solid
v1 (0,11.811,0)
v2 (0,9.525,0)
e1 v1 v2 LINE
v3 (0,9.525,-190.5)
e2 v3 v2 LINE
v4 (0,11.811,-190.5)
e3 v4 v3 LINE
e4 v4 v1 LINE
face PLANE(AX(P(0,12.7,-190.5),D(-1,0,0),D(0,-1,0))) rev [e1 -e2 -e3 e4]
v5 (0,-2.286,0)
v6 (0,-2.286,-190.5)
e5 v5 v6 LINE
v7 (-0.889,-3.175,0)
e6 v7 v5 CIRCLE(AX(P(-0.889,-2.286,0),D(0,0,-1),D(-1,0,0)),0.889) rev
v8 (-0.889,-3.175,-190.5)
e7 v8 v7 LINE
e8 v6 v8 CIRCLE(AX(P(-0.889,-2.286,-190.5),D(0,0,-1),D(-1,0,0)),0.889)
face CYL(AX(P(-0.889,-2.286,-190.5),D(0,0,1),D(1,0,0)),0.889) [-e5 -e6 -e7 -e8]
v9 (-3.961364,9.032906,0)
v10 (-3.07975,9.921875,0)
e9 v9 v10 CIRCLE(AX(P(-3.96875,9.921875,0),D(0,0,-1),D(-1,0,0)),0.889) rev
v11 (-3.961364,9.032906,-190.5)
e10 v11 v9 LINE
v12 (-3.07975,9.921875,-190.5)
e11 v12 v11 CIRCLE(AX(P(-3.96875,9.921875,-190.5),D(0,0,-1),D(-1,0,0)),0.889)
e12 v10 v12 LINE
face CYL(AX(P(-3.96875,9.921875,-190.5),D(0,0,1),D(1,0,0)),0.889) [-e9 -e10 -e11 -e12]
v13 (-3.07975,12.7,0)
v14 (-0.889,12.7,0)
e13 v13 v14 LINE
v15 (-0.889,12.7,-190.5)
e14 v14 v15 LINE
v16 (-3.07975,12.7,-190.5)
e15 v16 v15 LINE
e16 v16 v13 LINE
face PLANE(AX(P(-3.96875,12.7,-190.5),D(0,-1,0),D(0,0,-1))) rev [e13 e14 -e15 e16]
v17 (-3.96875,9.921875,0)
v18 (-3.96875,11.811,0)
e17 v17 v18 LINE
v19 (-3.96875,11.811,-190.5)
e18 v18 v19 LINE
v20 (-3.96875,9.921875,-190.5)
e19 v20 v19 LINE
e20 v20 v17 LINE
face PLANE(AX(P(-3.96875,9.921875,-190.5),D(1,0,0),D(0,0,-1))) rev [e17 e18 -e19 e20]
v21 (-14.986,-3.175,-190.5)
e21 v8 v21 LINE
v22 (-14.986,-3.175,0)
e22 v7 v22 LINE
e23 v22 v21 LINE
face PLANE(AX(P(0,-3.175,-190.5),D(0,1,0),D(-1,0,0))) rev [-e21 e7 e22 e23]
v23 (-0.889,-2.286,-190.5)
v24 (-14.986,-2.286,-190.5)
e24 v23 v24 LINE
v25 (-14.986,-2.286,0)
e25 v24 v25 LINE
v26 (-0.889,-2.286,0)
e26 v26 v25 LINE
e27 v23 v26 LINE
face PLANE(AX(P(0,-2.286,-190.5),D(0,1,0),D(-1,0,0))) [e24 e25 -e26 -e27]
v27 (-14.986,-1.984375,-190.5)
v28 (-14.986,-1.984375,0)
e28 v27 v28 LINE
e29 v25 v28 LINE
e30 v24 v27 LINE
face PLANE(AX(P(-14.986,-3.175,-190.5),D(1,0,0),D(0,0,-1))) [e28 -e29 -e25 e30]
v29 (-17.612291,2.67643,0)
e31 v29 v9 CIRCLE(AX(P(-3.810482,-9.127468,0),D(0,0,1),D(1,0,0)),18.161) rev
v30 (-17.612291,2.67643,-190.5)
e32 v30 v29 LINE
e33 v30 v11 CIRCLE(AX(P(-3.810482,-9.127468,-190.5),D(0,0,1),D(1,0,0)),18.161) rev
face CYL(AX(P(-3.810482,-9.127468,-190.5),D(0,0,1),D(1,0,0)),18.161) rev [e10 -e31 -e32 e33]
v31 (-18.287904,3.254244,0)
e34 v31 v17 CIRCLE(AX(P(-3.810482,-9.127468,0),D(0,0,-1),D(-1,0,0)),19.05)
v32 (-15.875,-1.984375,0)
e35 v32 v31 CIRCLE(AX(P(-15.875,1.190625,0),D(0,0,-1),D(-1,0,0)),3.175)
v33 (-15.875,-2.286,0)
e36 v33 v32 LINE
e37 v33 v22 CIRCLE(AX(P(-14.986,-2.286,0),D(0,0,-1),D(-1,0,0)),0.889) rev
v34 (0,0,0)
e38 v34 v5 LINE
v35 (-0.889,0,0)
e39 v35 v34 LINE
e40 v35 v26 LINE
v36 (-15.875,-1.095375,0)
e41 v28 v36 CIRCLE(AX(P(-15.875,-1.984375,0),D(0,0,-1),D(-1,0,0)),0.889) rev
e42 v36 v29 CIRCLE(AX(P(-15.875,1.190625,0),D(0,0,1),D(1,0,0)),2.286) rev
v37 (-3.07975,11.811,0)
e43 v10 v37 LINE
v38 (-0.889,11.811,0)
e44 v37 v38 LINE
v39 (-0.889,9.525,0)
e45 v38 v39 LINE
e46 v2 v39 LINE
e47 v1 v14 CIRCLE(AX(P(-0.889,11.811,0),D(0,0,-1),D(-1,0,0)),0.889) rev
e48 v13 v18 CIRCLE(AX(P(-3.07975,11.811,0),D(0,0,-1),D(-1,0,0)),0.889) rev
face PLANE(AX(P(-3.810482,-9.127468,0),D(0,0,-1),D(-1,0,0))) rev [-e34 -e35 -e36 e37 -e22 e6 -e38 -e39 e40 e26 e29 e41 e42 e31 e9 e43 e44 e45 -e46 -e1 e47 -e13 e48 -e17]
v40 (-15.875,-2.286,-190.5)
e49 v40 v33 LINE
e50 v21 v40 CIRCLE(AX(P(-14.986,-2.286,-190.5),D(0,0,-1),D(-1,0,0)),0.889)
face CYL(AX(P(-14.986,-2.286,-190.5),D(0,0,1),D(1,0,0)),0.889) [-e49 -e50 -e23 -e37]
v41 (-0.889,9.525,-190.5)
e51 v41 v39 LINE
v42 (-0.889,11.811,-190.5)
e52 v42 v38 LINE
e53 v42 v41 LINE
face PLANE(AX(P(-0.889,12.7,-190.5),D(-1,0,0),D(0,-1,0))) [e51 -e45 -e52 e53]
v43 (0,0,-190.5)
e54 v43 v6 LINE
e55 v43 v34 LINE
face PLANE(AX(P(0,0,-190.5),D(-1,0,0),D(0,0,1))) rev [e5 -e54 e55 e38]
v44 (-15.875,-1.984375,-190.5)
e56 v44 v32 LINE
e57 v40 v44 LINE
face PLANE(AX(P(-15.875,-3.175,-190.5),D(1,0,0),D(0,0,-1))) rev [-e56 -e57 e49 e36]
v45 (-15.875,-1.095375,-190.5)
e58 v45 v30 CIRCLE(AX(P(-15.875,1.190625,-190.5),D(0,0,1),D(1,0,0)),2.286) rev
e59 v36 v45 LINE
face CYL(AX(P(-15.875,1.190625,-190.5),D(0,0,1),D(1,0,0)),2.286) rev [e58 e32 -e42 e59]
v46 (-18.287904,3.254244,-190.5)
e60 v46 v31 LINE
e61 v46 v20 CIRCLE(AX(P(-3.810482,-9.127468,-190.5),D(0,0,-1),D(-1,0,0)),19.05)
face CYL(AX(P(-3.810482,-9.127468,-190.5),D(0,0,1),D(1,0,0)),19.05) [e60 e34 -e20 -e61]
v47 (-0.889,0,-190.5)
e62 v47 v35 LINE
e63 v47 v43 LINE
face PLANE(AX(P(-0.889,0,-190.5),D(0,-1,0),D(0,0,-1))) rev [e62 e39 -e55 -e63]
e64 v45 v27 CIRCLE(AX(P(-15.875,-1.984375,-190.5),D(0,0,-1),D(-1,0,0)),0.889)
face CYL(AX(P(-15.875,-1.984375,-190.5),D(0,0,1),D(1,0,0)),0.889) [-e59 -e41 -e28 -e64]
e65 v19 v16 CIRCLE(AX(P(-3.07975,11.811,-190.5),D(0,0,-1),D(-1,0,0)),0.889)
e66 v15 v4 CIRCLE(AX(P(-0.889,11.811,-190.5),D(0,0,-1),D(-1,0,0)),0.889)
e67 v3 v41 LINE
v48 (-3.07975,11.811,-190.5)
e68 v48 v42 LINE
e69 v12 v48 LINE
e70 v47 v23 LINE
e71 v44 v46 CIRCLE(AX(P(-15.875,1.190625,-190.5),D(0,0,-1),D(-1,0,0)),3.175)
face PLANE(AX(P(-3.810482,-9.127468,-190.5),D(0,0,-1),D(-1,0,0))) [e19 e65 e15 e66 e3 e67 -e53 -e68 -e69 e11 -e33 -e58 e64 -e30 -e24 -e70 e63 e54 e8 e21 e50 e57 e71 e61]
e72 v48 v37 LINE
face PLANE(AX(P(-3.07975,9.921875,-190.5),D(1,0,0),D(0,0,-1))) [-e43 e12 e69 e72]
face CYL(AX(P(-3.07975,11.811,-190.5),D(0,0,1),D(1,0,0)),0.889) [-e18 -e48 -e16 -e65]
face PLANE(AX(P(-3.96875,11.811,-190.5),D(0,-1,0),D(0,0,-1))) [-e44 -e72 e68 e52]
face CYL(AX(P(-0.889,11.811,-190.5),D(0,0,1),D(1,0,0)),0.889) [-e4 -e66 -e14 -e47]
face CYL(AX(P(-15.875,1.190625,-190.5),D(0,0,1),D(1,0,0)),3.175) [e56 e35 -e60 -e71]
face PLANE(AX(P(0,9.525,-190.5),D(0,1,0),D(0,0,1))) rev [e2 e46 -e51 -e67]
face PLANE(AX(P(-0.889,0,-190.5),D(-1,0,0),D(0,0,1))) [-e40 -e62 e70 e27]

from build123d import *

# Parameters (mm, degrees)
EXTRUDE_THIN1_DEPTH = 190.5
FILLET1_R           = 0.889


with BuildPart() as part:
    # Sketch1 → Extrude-Thin1 (new body)
    with BuildSketch(Plane.XY):
        with BuildLine():
            Line((0, 0), (0, -3.175))
            Line((0, -3.175), (-15.875, -3.175))
            Line((-15.875, -3.175), (-15.875, -1.984375))
            ThreePointArc((-15.875, -1.984375), (-18.75880077, -0.137651371), (-18.287903573, 3.254243508))
            ThreePointArc((-18.287903573, 3.254243508), (-11.851948281, 8.142081446), (-3.96875, 9.921875))
            Line((-3.96875, 9.921875), (-3.96875, 12.7))
            Line((-3.96875, 12.7), (0, 12.7))
            Line((0, 12.7), (0, 9.525))
            Line((0, 9.525), (-0.889, 9.525))
            Line((-0.889, 9.525), (-0.889, 11.811))
            Line((-0.889, 11.811), (-3.07975, 11.811))
            Line((-3.07975, 11.811), (-3.07975, 9.01882551))
            ThreePointArc((-3.07975, 9.01882551), (-11.07476139, 7.517416594), (-17.612290572, 2.676430326))
            ThreePointArc((-17.612290572, 2.676430326), (-17.720336691, -0.158644616), (-14.986, -0.915431742))
            Line((-14.986, -0.915431742), (-14.986, -2.286))
            Line((-14.986, -2.286), (-0.889, -2.286))
            Line((-0.889, -2.286), (-0.889, 0))
            Line((-0.889, 0), (0, 0))
        make_face()
    extrude(amount=-EXTRUDE_THIN1_DEPTH)

    # Fillet1
    fillet1_edges = [part.edges().sort_by_distance(p)[0] for p in [
        (-3.07975, 9.01882551, -95.25),
        (-14.986, -0.915431742, -95.25),
        (0, -3.175, -95.25),
        (-15.875, -3.175, -95.25),
        (-3.96875, 12.7, -95.25),
        (0, 12.7, -95.25),
    ]]
    fillet(fillet1_edges, radius=FILLET1_R)


solid = part.part
